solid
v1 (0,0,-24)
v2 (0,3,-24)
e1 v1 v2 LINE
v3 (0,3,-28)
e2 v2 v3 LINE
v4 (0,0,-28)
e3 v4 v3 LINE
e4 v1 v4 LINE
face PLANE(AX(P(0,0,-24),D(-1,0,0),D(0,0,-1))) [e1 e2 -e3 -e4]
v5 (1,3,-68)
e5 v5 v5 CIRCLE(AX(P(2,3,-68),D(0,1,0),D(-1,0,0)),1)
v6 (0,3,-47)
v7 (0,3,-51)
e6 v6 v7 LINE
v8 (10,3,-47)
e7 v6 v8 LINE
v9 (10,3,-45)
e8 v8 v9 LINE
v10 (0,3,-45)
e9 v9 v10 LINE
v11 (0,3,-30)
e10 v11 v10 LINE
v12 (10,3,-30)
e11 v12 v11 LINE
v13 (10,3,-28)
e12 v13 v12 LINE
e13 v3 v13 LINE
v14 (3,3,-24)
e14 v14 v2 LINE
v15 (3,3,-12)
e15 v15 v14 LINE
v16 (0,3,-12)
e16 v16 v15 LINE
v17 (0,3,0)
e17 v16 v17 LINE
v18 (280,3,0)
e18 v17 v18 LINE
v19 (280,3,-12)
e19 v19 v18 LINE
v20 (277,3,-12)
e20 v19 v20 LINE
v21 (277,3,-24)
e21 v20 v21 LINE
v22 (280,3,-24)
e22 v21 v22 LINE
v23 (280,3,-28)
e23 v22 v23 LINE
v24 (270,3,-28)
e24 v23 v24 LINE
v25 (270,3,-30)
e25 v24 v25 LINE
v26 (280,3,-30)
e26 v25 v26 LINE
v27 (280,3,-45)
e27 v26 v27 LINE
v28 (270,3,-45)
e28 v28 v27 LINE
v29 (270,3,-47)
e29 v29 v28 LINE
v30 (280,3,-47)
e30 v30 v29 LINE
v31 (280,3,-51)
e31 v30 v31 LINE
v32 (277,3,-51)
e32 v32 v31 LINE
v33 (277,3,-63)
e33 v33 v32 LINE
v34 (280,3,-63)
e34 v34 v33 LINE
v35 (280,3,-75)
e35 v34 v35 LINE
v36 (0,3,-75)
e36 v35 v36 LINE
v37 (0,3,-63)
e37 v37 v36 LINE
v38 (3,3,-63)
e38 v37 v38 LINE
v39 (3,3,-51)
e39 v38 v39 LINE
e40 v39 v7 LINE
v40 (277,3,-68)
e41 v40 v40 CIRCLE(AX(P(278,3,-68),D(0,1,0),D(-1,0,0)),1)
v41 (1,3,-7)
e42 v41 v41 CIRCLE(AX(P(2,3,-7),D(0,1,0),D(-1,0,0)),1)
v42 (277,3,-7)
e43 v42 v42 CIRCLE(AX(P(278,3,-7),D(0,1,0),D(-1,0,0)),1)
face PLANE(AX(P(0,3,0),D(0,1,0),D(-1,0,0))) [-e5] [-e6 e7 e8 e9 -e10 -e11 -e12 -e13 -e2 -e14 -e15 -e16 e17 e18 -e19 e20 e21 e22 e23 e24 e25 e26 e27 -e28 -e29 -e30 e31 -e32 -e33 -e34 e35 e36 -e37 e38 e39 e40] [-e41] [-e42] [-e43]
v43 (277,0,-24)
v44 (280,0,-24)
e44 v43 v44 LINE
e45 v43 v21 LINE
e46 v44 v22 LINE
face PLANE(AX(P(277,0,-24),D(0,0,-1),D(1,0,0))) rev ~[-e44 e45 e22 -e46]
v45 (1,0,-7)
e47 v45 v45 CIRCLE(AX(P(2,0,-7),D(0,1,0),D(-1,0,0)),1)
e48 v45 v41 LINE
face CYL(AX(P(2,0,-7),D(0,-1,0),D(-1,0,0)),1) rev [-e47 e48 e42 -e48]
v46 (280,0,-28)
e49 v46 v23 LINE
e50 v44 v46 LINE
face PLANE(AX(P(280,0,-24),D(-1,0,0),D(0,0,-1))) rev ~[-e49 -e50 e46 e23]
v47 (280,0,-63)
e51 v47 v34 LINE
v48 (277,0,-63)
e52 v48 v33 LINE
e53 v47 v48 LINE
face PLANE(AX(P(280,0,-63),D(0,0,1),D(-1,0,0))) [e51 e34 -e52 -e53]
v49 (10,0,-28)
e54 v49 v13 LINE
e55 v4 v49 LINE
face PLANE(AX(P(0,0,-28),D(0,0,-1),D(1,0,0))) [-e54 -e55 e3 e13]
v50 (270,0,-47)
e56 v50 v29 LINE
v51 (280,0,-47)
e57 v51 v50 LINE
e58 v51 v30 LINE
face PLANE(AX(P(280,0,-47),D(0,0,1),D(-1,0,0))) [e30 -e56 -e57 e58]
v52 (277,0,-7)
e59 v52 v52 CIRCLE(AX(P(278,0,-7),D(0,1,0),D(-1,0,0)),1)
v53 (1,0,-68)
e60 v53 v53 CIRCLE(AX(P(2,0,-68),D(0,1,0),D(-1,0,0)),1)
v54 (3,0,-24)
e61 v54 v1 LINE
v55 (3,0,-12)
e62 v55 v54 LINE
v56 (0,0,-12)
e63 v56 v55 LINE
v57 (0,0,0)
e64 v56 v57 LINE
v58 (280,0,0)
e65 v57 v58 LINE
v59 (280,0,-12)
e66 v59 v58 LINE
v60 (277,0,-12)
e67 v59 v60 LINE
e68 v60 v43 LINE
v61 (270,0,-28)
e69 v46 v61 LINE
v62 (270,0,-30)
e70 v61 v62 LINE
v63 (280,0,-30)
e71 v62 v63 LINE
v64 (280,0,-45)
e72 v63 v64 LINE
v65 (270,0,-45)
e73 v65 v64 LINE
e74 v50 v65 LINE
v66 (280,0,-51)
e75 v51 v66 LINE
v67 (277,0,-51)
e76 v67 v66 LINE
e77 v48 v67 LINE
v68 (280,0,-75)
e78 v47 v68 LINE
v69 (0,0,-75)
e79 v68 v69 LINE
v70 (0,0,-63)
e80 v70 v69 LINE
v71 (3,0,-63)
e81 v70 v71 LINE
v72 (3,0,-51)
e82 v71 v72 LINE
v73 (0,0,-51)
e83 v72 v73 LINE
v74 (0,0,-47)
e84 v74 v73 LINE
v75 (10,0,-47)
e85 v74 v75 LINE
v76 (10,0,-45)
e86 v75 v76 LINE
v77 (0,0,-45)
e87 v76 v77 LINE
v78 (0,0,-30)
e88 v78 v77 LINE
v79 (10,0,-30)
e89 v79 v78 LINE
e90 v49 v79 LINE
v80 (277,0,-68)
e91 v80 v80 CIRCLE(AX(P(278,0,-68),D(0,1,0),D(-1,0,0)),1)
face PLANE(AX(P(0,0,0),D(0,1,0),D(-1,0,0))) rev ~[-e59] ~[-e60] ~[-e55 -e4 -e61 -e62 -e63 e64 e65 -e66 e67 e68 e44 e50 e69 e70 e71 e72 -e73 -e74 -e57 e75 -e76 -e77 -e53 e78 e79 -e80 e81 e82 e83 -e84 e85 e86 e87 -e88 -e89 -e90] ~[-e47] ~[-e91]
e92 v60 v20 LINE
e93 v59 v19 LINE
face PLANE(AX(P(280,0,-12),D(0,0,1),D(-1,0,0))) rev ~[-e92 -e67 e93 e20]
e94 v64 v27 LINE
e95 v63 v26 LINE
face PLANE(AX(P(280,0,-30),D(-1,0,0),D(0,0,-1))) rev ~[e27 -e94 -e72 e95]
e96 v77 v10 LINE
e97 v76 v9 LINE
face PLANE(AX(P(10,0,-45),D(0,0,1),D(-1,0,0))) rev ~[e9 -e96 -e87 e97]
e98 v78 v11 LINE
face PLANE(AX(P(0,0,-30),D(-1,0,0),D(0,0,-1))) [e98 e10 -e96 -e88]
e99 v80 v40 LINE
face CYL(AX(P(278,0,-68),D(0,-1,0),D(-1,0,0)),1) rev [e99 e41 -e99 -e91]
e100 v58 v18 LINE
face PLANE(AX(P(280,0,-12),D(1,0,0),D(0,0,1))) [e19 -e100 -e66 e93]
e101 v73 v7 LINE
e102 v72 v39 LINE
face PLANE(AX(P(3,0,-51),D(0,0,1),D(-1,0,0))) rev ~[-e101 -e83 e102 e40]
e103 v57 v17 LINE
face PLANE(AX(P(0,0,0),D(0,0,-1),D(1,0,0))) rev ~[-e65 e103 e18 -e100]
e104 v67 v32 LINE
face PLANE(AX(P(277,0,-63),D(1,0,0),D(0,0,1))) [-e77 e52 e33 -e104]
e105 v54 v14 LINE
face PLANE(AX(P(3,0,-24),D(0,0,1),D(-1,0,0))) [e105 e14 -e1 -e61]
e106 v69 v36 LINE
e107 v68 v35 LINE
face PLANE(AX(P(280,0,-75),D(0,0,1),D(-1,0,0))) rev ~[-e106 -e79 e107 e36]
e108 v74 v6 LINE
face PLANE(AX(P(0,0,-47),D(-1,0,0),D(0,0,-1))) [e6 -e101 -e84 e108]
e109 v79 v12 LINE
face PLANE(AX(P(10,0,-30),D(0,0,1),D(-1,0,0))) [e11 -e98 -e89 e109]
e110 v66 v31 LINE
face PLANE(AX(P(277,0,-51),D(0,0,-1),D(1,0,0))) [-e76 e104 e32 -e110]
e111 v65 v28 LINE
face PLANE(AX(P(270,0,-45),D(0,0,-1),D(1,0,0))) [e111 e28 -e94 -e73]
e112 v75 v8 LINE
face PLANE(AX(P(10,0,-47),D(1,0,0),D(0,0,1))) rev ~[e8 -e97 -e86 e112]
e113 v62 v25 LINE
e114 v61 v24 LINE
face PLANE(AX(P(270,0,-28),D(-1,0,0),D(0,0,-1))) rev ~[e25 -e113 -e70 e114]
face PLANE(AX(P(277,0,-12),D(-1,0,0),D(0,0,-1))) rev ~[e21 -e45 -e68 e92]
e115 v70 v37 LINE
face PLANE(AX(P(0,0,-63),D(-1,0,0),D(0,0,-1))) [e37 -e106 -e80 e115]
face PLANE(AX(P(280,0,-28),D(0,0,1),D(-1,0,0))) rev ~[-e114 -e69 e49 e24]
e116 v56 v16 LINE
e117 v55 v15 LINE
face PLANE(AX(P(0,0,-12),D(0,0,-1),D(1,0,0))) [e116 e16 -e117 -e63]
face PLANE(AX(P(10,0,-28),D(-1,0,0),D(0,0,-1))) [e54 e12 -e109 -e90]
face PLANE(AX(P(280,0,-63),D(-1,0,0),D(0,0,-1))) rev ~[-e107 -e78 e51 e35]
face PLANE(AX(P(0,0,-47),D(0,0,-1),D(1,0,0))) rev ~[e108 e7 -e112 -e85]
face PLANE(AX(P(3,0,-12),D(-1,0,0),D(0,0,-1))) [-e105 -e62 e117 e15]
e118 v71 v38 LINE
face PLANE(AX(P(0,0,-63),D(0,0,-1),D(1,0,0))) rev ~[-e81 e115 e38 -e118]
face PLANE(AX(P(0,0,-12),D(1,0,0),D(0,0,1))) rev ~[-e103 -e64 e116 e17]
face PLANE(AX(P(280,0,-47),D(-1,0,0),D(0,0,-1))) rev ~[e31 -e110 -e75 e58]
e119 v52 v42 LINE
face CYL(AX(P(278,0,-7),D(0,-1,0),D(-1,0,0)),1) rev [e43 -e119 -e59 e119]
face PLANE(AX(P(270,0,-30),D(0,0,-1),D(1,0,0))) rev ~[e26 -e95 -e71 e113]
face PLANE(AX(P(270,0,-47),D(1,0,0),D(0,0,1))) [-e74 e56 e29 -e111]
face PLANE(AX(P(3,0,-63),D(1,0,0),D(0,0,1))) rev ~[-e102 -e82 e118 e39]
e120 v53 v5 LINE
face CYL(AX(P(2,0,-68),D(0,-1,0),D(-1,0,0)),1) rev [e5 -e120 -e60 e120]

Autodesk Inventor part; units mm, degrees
ref_plane "YZ Plane" through (0, 0, 0) normal (1, 0, 0) x (0, 1, 0)
ref_plane "XZ Plane" through (0, 0, 0) normal (0, 1, 0) x (-1, 0, 0)
ref_plane "XY Plane" through (0, 0, 0) normal (0, 0, 1) x (1, 0, 0)
sketch "Sketch1" plane through (0, 0, 0) normal (0, 1, 0) x (-1, 0, 0)
  line L0 (0, 0) -> (-280, 0)
  line L1 (-280, -75) -> (0, -75)
  line L2 (-280, -63) -> (-277, -63)
  line L3 (-277, -63) -> (-277, -51)
  line L4 (-277, -51) -> (-280, -51)
  line L5 (-280, -51) -> (-280, -63) construction
  line L6 (-280, -12) -> (-277, -12)
  line L7 (-277, -12) -> (-277, -24)
  line L8 (-277, -24) -> (-280, -24)
  line L9 (-280, -24) -> (-280, -12) construction
  line L10 (-140, 0) -> (-140, -75) construction
  line L11 (-280, -12) -> (-280, 0)
  line L12 (-280, -24) -> (-280, -28)
  line L13 (-280, -63) -> (-280, -75)
  circle A0 centre (-278, -7) radius 1
  line L14 (-278, -7) -> (-278, -12) construction
  line L15 (-278, -7) -> (-278, 0) construction
  circle A1 centre (-278, -68) radius 1
  line L16 (-280, -47) -> (-270, -47)
  line L17 (-270, -47) -> (-270, -45)
  line L18 (-270, -45) -> (-280, -45)
  line L19 (-280, -28) -> (-270, -28)
  line L20 (-270, -28) -> (-270, -30)
  line L21 (-270, -30) -> (-280, -30)
  line L22 (-280, -47) -> (-280, -51)
  line L23 (-280, -45) -> (-280, -47) construction
  line L24 (-280, -30) -> (-280, -45)
  line L25 (-280, -28) -> (-280, -30) construction
  line L26 (0, -63) -> (-3, -63)
  line L27 (-3, -63) -> (-3, -51)
  line L28 (-3, -51) -> (0, -51)
  line L29 (0, -51) -> (0, -63) construction
  line L30 (0, -12) -> (-3, -12)
  line L31 (-3, -12) -> (-3, -24)
  line L32 (-3, -24) -> (0, -24)
  line L33 (0, -24) -> (0, -12) construction
  line L34 (0, -12) -> (0, 0)
  line L35 (0, -24) -> (0, -28)
  line L36 (0, -63) -> (0, -75)
  circle A2 centre (-2, -7) radius 1
  line L37 (-2, -7) -> (-2, -12) construction
  line L38 (-2, -7) -> (-2, 0) construction
  circle A3 centre (-2, -68) radius 1
  line L39 (0, -47) -> (-10, -47)
  line L40 (-10, -47) -> (-10, -45)
  line L41 (-10, -45) -> (0, -45)
  line L42 (0, -28) -> (-10, -28)
  line L43 (-10, -28) -> (-10, -30)
  line L44 (-10, -30) -> (0, -30)
  line L45 (0, -47) -> (0, -51)
  line L46 (0, -45) -> (0, -47) construction
  line L47 (0, -30) -> (0, -45)
  line L48 (0, -28) -> (0, -30) construction
  dimension "d0" = 280
  dimension "d1" = 75
  dimension "d20" = 3
  dimension "d21" = 12
  dimension "d22" = 12
  dimension "d26" = 27
  dimension "d27" = 2
  dimension "d28" = 2
  dimension "d29" = 5
  dimension "d30" = 2
  dimension "d31" = 2
  dimension "d32" = 5
  dimension "d33" = 10
  dimension "d34" = 2
  dimension "d35" = 10
  dimension "d36" = 2
  dimension "d37" = 4
extrude "Extrusion2" add sketch "Sketch1" along normal blind 3
equation "\"d22\" = d21"
equation "\"d33\" = d35"
equation "\"d34\" = d36"
properties part number "wall-front-scaled-model"
